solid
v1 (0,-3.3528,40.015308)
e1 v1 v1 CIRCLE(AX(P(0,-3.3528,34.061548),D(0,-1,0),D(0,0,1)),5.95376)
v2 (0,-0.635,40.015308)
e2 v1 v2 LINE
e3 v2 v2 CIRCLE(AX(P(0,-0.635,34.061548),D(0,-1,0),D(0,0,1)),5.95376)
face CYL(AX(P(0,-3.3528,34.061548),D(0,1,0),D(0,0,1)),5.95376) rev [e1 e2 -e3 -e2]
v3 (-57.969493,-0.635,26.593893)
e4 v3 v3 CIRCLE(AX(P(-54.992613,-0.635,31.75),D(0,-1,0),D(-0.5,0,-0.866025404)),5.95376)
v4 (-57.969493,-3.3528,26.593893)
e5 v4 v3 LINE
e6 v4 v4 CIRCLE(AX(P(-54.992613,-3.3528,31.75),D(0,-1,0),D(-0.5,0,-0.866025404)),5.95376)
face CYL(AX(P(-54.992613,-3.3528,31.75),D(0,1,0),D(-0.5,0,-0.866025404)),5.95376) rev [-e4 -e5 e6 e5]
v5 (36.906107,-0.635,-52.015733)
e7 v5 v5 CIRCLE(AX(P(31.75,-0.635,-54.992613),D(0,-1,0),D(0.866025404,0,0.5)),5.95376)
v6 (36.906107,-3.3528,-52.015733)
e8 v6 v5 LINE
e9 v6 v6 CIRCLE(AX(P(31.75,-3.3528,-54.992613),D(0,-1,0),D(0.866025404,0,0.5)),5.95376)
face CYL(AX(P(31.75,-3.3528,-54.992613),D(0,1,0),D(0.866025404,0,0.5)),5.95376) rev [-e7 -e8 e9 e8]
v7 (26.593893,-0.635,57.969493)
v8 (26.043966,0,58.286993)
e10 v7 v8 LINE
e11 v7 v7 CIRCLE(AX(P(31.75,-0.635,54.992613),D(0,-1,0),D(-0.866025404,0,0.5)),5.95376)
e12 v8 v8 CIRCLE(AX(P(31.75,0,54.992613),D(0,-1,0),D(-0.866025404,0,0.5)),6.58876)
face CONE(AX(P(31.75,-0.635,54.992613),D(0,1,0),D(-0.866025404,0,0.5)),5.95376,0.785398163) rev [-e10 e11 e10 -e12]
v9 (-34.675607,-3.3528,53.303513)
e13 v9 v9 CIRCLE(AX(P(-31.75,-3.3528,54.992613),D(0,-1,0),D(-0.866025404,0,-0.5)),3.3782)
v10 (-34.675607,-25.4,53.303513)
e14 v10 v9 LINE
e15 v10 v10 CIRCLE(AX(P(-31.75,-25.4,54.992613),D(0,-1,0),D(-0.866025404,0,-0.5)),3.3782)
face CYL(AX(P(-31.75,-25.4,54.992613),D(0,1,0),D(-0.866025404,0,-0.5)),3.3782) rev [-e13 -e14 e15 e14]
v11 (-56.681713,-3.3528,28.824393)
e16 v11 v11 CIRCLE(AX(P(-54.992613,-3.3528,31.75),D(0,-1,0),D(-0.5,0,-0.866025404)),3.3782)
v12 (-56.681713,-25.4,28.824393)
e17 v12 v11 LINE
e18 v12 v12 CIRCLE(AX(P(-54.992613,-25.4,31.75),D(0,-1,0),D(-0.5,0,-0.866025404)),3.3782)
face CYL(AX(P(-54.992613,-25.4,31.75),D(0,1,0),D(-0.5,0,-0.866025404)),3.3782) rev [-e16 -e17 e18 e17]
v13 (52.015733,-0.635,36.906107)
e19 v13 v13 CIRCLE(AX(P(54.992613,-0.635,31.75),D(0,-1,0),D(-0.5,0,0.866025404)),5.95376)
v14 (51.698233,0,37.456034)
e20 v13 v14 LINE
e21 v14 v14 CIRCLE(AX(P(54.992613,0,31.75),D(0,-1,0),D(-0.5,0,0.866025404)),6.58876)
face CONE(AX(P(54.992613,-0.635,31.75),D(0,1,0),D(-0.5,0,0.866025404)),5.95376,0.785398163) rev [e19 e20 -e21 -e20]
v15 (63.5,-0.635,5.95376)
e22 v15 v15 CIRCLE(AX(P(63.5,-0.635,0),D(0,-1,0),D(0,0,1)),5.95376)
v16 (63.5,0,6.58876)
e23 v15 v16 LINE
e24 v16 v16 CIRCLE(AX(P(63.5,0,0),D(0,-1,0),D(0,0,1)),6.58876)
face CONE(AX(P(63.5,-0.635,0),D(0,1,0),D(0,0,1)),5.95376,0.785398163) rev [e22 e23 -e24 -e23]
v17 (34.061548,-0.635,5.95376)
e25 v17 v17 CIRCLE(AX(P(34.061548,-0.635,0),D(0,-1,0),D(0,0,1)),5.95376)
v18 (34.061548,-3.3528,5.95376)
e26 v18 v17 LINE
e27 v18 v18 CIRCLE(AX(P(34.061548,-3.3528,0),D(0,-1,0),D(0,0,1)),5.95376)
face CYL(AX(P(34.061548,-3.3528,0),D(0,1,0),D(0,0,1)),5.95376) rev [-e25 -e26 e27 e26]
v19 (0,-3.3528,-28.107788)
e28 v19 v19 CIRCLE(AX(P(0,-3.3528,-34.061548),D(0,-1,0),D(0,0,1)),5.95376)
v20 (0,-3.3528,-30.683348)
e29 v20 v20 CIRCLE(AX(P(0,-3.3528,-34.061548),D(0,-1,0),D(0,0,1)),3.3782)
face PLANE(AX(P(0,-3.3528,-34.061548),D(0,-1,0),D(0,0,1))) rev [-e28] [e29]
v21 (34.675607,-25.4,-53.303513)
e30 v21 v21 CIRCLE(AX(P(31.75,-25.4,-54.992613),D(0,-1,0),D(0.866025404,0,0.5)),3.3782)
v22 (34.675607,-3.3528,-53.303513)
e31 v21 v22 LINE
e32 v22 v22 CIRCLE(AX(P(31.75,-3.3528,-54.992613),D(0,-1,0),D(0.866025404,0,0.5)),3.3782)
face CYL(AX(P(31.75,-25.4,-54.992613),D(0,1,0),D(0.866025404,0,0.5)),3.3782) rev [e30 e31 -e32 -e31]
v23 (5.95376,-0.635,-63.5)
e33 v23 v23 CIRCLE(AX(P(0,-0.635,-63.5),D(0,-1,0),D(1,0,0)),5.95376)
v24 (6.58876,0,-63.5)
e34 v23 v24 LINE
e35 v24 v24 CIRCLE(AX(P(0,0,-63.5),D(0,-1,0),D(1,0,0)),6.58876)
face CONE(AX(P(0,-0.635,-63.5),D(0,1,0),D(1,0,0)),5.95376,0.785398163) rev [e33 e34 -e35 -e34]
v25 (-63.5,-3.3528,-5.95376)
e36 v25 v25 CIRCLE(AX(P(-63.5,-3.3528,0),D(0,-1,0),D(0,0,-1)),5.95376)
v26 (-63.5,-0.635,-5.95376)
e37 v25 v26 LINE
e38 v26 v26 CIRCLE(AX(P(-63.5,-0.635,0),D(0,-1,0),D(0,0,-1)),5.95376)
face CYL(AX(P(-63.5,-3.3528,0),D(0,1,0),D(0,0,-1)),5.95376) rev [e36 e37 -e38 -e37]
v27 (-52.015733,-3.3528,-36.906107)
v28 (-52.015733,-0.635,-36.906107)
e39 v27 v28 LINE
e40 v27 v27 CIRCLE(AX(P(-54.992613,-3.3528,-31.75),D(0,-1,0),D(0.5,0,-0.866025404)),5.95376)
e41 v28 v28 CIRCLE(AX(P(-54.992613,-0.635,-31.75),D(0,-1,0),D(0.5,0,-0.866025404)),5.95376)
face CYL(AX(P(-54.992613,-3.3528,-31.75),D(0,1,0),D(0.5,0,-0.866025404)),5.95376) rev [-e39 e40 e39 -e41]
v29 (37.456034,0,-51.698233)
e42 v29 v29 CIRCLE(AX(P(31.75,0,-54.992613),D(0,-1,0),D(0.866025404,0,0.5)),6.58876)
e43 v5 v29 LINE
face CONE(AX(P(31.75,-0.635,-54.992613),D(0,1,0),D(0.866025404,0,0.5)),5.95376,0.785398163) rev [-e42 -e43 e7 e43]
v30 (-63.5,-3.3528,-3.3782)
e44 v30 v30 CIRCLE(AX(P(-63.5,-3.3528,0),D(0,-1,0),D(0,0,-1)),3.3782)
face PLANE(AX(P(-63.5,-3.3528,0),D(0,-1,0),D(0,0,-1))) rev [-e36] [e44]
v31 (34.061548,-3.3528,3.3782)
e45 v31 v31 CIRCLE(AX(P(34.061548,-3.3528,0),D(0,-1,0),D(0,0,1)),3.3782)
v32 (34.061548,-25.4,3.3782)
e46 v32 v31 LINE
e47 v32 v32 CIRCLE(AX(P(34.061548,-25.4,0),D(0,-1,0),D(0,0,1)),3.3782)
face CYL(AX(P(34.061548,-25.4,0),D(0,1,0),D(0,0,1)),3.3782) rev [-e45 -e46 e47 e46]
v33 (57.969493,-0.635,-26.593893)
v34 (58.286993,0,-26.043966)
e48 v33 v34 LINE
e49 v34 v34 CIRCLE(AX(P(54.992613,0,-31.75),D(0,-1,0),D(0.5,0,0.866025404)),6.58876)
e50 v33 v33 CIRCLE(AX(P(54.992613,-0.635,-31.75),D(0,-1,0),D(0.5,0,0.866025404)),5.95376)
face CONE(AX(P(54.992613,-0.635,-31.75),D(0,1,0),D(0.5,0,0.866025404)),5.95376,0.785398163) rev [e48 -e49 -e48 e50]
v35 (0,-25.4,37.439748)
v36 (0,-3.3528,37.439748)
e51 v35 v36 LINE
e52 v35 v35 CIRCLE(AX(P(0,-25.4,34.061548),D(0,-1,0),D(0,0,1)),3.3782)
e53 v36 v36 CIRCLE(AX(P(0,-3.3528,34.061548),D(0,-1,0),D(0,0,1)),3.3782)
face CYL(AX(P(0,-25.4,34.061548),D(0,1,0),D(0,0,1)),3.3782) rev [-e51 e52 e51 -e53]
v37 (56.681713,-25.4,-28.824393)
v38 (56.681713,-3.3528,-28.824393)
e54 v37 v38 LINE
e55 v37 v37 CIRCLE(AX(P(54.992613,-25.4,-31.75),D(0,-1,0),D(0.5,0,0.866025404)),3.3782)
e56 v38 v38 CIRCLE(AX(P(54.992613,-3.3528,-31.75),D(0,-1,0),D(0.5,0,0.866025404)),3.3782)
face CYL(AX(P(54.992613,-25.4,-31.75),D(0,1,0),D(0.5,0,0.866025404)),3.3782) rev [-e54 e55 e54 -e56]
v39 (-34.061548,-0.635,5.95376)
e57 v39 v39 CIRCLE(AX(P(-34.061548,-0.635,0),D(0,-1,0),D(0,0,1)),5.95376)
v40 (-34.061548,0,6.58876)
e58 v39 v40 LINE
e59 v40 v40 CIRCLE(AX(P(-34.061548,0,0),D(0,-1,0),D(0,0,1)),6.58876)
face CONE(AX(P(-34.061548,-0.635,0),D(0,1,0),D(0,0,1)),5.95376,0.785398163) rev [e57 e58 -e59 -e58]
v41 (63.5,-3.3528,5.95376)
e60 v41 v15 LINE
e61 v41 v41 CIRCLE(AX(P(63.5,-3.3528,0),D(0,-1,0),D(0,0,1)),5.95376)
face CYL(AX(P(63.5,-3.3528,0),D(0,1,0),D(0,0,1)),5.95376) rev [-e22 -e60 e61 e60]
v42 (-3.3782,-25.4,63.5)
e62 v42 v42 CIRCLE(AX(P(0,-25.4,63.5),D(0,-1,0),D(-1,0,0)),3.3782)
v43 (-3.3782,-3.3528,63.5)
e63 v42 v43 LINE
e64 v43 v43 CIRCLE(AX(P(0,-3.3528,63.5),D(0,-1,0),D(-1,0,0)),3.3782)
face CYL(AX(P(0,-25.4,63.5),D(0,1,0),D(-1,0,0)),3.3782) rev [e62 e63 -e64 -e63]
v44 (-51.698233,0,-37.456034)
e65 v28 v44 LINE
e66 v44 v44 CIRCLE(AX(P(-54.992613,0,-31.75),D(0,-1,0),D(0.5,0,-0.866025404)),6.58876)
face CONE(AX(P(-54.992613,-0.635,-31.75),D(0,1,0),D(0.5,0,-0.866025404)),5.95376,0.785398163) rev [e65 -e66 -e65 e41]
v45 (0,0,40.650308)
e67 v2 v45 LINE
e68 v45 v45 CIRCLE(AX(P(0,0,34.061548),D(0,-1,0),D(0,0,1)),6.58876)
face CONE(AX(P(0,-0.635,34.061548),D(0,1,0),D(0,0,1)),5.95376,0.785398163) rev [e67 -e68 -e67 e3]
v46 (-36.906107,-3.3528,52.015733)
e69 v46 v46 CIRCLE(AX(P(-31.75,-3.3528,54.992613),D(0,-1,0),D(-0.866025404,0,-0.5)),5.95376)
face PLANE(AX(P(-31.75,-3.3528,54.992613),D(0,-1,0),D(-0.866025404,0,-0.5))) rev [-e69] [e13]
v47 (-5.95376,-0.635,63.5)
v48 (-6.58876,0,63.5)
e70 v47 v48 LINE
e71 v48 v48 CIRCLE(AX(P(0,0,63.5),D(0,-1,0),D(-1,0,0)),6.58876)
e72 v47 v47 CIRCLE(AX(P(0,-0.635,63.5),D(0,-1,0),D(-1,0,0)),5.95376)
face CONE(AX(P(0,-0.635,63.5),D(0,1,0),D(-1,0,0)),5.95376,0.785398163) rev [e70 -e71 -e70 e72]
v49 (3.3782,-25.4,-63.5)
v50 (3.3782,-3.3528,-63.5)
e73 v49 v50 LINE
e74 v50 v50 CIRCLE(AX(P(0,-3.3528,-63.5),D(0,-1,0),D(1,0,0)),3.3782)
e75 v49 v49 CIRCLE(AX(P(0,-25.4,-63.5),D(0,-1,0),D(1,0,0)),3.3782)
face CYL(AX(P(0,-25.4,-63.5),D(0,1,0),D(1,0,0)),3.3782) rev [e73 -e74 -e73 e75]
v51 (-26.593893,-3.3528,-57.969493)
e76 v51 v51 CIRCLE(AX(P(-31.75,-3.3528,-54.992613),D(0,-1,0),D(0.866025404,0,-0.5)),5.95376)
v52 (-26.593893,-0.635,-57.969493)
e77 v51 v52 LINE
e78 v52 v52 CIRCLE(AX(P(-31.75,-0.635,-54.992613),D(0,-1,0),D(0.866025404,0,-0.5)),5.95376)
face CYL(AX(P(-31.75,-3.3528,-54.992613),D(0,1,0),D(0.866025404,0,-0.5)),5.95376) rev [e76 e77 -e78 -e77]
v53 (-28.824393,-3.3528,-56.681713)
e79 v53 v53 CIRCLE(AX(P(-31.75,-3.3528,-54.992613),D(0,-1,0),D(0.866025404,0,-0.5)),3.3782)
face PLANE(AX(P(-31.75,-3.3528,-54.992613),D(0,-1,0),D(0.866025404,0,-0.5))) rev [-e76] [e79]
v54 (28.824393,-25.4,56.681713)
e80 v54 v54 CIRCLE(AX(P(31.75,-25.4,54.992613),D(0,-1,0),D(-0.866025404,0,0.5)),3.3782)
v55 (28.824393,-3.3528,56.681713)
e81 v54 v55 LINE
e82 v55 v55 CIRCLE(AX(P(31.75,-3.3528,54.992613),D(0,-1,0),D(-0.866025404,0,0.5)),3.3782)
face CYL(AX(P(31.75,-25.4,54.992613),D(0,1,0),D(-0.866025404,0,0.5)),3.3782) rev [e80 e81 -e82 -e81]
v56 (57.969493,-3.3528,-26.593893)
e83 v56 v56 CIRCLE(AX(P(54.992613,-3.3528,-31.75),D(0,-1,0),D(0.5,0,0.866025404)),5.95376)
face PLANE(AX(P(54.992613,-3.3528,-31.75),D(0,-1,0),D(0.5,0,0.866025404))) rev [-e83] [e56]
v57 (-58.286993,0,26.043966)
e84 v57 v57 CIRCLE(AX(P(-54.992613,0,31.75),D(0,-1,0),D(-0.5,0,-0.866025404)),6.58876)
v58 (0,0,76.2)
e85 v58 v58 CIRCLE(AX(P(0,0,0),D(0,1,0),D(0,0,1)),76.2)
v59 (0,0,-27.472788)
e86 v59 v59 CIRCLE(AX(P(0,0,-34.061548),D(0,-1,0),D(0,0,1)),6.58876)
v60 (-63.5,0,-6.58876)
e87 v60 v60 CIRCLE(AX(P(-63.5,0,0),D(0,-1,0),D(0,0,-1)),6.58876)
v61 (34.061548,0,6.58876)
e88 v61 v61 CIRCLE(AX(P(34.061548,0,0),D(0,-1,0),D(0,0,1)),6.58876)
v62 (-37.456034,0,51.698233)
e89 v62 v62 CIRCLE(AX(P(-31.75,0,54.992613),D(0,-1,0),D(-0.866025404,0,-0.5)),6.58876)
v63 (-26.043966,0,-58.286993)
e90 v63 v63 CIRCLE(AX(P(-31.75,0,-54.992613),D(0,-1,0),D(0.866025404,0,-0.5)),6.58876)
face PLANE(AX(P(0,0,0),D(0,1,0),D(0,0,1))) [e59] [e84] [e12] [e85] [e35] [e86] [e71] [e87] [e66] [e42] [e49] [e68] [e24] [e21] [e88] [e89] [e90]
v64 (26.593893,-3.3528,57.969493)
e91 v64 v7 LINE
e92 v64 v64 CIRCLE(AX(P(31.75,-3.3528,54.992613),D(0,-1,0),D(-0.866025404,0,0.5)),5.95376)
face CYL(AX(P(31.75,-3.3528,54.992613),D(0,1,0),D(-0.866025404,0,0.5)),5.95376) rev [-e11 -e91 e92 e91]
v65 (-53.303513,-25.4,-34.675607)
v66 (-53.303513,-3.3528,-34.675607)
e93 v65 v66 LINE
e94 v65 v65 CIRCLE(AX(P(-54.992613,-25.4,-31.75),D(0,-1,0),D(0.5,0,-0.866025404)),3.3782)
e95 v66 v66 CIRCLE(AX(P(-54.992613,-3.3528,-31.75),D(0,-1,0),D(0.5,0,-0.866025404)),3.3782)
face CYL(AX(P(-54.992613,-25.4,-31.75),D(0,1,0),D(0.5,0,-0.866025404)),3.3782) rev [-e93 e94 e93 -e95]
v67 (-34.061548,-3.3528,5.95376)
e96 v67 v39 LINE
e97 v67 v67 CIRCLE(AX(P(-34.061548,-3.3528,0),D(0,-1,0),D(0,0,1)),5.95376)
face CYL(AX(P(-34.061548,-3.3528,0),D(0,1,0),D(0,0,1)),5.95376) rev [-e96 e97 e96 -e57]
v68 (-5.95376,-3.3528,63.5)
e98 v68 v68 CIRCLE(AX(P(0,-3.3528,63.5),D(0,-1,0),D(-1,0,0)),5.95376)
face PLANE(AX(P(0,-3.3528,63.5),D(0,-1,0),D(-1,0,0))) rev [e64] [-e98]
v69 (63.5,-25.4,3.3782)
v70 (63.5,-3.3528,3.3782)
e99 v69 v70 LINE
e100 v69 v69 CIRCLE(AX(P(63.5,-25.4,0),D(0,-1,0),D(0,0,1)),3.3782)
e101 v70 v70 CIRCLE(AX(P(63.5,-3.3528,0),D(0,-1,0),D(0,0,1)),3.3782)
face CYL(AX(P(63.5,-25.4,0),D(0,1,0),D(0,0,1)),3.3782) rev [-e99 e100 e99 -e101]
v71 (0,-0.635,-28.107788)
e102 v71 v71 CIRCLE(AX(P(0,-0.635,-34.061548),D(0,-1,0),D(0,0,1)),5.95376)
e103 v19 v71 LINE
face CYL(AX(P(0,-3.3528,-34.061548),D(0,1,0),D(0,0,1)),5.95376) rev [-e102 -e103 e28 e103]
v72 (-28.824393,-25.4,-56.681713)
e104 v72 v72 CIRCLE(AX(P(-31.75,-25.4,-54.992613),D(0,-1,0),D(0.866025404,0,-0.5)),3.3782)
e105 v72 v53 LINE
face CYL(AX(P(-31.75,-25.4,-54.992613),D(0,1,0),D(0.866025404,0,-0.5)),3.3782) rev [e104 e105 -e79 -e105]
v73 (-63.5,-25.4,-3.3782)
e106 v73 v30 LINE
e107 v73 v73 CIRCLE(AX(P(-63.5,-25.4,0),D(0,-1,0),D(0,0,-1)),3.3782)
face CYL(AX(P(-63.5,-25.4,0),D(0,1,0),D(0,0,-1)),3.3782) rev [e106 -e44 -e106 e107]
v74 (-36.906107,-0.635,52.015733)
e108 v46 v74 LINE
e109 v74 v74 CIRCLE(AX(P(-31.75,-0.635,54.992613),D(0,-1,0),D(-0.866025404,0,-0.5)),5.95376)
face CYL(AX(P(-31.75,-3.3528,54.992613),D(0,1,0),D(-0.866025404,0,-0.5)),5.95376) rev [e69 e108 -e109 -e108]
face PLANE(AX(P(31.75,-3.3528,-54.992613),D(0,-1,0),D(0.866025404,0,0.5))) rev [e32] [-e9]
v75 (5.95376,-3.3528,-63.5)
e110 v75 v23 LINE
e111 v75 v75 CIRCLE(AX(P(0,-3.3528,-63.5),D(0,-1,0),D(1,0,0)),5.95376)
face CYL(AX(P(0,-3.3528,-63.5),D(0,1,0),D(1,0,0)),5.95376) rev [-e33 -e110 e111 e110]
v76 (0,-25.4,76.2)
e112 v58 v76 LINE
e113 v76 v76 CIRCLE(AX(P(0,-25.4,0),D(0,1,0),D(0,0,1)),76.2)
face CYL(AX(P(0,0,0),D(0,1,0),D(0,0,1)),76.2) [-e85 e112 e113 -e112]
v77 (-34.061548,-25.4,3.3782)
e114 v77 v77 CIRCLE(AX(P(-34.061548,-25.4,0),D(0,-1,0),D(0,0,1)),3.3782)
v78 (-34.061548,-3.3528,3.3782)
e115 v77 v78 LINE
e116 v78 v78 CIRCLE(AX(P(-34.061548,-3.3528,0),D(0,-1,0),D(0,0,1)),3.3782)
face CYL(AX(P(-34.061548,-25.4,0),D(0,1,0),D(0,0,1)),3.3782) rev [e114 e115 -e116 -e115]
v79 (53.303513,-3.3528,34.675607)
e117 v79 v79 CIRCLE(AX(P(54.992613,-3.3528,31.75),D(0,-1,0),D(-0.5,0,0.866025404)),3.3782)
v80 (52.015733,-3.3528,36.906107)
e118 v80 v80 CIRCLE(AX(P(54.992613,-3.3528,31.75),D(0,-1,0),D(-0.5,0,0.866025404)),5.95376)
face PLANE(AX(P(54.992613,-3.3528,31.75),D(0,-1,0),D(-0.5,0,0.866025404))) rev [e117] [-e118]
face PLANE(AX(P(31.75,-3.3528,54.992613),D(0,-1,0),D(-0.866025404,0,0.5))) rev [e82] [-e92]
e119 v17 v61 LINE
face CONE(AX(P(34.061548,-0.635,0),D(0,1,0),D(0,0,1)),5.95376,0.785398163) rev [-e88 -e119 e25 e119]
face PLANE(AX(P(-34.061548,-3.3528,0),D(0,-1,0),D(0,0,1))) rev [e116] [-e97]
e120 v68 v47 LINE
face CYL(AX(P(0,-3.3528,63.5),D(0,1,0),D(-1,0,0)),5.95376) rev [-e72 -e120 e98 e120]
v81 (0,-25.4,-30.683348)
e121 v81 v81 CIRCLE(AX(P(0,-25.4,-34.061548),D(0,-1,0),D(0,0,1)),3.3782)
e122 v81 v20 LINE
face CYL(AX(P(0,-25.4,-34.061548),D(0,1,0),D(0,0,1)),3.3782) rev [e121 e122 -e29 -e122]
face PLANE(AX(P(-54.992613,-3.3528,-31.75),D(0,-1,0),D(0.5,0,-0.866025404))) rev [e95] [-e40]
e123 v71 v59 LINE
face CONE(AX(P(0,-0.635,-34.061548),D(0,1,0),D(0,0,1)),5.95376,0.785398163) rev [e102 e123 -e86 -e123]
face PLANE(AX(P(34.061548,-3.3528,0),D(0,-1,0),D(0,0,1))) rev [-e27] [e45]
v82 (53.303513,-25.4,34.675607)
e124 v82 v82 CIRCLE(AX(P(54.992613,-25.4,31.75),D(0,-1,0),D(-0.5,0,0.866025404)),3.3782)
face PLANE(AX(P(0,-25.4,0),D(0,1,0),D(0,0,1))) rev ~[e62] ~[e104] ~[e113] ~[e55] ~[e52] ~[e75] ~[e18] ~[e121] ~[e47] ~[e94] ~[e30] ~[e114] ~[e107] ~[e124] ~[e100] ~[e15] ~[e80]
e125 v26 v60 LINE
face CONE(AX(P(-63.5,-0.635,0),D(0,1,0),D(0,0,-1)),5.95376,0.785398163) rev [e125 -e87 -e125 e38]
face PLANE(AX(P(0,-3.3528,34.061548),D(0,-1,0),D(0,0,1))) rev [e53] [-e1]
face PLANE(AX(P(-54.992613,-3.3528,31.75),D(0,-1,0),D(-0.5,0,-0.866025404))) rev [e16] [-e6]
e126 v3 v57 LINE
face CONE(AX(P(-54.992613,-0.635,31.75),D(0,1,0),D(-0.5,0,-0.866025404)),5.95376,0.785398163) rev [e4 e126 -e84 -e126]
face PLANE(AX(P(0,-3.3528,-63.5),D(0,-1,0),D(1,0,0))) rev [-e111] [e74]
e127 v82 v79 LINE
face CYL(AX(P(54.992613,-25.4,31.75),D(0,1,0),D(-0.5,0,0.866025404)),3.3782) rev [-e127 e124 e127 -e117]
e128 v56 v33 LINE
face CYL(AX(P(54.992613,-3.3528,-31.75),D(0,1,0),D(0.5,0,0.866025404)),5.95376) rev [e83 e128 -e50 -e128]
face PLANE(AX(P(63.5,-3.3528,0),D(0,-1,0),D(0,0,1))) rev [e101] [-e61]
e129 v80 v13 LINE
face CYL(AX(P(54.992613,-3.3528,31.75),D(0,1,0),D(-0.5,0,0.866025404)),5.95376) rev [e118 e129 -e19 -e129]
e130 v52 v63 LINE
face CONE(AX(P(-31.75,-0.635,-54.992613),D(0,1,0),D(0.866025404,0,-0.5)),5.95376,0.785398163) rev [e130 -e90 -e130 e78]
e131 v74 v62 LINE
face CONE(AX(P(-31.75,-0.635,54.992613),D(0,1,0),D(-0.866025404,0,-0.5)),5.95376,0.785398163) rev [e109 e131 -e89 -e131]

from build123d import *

# Parameters (mm, degrees)
SKETCH1_R                                     = 76.2
BOSS_EXTRUDE1_DEPTH                           = 25.4
CBORE_FOR_1_4_BUTTON_HEAD_CAP_SCREW2_AT_COUNT = 2
CBORE_FOR_1_4_BUTTON_HEAD_CAP_SCREW2_AT_PITCH = 48.170302877
CBORE_FOR_1_4_BUTTON_HEAD_CAP_SCREW2_2_COUNT  = 2
CBORE_FOR_1_4_BUTTON_HEAD_CAP_SCREW2_2_PITCH  = 68.123095633
CBORE_FOR_1_4_BUTTON_HEAD_CAP_SCREW2_3_COUNT  = 2
CBORE_FOR_1_4_BUTTON_HEAD_CAP_SCREW2_3_PITCH  = 48.170302877
CIRPATTERN1_COUNT                             = 12


with BuildPart() as part:
    # Sketch1 → Boss-Extrude1 (new body)
    with BuildSketch(Plane(origin=(0, 0, 0), x_dir=(1, 0, 0), z_dir=(0, 1, 0))):
        with Locations(Location((0, 0, 0), (0, 0, 270))):
            Circle(SKETCH1_R)
    extrude(amount=-BOSS_EXTRUDE1_DEPTH)

    # Sketch13 → CBORE for 1/4 Button Head Cap Screw2 (revolve, cut)
    with BuildSketch(Plane(origin=(-34.061547816, 0, 0), x_dir=(0, 0, 1), z_dir=(1, 0, 0))):
        Polygon((0, 0), (0, 25.4), (3.3782, 25.4), (3.3782, 3.3528), (5.95376, 3.3528), (5.95376, 0.635), (6.58876, 0), align=None)
    cbore_for_1_4_button_head_cap_screw2 = revolve(axis=Axis((-34.061547816, 6.35, 0), (0, -1, 0)), mode=Mode.SUBTRACT)

    # CBORE for 1/4 Button Head Cap Screw2 at: CBORE for 1/4 Button Head Cap Screw2 ×2
    with Locations(*[Vector(0.7071067811865476, 0, -0.7071067811865476) * (i * CBORE_FOR_1_4_BUTTON_HEAD_CAP_SCREW2_AT_PITCH) for i in range(1, CBORE_FOR_1_4_BUTTON_HEAD_CAP_SCREW2_AT_COUNT)]):
        add(cbore_for_1_4_button_head_cap_screw2, mode=Mode.SUBTRACT)

    # CBORE for 1_4 Button Head Cap Screw2 2: CBORE for 1/4 Button Head Cap Screw2 ×2
    with Locations(*[(i * CBORE_FOR_1_4_BUTTON_HEAD_CAP_SCREW2_2_PITCH, 0, 0) for i in range(1, CBORE_FOR_1_4_BUTTON_HEAD_CAP_SCREW2_2_COUNT)]):
        add(cbore_for_1_4_button_head_cap_screw2, mode=Mode.SUBTRACT)

    # CBORE for 1_4 Button Head Cap Screw2 3: CBORE for 1/4 Button Head Cap Screw2 ×2
    with Locations(*[Vector(0.7071067811865476, 0, 0.7071067811865476) * (i * CBORE_FOR_1_4_BUTTON_HEAD_CAP_SCREW2_3_PITCH) for i in range(1, CBORE_FOR_1_4_BUTTON_HEAD_CAP_SCREW2_3_COUNT)]):
        add(cbore_for_1_4_button_head_cap_screw2, mode=Mode.SUBTRACT)

    # Sketch16 → CBORE for 1/4 Button Head Cap Screw3 (revolve, cut)
    with BuildSketch(Plane(origin=(63.5, 0, 0), x_dir=(0, 0, 1), z_dir=(1, 0, 0))):
        Polygon((0, 0), (0, 25.4), (3.3782, 25.4), (3.3782, 3.3528), (5.95376, 3.3528), (5.95376, 0.635), (6.58876, 0), align=None)
    cbore_for_1_4_button_head_cap_screw3 = revolve(axis=Axis((63.5, 6.35, 0), (0, -1, 0)), mode=Mode.SUBTRACT)

    # CirPattern1: CBORE for 1/4 Button Head Cap Screw3 ×12 about axis
    cirpattern1_axis = Axis((0, 0, 0), (0, 1, 0))
    for i in range(1, CIRPATTERN1_COUNT):
        add(cbore_for_1_4_button_head_cap_screw3.rotate(cirpattern1_axis, i * 360 / CIRPATTERN1_COUNT), mode=Mode.SUBTRACT)


solid = part.part
